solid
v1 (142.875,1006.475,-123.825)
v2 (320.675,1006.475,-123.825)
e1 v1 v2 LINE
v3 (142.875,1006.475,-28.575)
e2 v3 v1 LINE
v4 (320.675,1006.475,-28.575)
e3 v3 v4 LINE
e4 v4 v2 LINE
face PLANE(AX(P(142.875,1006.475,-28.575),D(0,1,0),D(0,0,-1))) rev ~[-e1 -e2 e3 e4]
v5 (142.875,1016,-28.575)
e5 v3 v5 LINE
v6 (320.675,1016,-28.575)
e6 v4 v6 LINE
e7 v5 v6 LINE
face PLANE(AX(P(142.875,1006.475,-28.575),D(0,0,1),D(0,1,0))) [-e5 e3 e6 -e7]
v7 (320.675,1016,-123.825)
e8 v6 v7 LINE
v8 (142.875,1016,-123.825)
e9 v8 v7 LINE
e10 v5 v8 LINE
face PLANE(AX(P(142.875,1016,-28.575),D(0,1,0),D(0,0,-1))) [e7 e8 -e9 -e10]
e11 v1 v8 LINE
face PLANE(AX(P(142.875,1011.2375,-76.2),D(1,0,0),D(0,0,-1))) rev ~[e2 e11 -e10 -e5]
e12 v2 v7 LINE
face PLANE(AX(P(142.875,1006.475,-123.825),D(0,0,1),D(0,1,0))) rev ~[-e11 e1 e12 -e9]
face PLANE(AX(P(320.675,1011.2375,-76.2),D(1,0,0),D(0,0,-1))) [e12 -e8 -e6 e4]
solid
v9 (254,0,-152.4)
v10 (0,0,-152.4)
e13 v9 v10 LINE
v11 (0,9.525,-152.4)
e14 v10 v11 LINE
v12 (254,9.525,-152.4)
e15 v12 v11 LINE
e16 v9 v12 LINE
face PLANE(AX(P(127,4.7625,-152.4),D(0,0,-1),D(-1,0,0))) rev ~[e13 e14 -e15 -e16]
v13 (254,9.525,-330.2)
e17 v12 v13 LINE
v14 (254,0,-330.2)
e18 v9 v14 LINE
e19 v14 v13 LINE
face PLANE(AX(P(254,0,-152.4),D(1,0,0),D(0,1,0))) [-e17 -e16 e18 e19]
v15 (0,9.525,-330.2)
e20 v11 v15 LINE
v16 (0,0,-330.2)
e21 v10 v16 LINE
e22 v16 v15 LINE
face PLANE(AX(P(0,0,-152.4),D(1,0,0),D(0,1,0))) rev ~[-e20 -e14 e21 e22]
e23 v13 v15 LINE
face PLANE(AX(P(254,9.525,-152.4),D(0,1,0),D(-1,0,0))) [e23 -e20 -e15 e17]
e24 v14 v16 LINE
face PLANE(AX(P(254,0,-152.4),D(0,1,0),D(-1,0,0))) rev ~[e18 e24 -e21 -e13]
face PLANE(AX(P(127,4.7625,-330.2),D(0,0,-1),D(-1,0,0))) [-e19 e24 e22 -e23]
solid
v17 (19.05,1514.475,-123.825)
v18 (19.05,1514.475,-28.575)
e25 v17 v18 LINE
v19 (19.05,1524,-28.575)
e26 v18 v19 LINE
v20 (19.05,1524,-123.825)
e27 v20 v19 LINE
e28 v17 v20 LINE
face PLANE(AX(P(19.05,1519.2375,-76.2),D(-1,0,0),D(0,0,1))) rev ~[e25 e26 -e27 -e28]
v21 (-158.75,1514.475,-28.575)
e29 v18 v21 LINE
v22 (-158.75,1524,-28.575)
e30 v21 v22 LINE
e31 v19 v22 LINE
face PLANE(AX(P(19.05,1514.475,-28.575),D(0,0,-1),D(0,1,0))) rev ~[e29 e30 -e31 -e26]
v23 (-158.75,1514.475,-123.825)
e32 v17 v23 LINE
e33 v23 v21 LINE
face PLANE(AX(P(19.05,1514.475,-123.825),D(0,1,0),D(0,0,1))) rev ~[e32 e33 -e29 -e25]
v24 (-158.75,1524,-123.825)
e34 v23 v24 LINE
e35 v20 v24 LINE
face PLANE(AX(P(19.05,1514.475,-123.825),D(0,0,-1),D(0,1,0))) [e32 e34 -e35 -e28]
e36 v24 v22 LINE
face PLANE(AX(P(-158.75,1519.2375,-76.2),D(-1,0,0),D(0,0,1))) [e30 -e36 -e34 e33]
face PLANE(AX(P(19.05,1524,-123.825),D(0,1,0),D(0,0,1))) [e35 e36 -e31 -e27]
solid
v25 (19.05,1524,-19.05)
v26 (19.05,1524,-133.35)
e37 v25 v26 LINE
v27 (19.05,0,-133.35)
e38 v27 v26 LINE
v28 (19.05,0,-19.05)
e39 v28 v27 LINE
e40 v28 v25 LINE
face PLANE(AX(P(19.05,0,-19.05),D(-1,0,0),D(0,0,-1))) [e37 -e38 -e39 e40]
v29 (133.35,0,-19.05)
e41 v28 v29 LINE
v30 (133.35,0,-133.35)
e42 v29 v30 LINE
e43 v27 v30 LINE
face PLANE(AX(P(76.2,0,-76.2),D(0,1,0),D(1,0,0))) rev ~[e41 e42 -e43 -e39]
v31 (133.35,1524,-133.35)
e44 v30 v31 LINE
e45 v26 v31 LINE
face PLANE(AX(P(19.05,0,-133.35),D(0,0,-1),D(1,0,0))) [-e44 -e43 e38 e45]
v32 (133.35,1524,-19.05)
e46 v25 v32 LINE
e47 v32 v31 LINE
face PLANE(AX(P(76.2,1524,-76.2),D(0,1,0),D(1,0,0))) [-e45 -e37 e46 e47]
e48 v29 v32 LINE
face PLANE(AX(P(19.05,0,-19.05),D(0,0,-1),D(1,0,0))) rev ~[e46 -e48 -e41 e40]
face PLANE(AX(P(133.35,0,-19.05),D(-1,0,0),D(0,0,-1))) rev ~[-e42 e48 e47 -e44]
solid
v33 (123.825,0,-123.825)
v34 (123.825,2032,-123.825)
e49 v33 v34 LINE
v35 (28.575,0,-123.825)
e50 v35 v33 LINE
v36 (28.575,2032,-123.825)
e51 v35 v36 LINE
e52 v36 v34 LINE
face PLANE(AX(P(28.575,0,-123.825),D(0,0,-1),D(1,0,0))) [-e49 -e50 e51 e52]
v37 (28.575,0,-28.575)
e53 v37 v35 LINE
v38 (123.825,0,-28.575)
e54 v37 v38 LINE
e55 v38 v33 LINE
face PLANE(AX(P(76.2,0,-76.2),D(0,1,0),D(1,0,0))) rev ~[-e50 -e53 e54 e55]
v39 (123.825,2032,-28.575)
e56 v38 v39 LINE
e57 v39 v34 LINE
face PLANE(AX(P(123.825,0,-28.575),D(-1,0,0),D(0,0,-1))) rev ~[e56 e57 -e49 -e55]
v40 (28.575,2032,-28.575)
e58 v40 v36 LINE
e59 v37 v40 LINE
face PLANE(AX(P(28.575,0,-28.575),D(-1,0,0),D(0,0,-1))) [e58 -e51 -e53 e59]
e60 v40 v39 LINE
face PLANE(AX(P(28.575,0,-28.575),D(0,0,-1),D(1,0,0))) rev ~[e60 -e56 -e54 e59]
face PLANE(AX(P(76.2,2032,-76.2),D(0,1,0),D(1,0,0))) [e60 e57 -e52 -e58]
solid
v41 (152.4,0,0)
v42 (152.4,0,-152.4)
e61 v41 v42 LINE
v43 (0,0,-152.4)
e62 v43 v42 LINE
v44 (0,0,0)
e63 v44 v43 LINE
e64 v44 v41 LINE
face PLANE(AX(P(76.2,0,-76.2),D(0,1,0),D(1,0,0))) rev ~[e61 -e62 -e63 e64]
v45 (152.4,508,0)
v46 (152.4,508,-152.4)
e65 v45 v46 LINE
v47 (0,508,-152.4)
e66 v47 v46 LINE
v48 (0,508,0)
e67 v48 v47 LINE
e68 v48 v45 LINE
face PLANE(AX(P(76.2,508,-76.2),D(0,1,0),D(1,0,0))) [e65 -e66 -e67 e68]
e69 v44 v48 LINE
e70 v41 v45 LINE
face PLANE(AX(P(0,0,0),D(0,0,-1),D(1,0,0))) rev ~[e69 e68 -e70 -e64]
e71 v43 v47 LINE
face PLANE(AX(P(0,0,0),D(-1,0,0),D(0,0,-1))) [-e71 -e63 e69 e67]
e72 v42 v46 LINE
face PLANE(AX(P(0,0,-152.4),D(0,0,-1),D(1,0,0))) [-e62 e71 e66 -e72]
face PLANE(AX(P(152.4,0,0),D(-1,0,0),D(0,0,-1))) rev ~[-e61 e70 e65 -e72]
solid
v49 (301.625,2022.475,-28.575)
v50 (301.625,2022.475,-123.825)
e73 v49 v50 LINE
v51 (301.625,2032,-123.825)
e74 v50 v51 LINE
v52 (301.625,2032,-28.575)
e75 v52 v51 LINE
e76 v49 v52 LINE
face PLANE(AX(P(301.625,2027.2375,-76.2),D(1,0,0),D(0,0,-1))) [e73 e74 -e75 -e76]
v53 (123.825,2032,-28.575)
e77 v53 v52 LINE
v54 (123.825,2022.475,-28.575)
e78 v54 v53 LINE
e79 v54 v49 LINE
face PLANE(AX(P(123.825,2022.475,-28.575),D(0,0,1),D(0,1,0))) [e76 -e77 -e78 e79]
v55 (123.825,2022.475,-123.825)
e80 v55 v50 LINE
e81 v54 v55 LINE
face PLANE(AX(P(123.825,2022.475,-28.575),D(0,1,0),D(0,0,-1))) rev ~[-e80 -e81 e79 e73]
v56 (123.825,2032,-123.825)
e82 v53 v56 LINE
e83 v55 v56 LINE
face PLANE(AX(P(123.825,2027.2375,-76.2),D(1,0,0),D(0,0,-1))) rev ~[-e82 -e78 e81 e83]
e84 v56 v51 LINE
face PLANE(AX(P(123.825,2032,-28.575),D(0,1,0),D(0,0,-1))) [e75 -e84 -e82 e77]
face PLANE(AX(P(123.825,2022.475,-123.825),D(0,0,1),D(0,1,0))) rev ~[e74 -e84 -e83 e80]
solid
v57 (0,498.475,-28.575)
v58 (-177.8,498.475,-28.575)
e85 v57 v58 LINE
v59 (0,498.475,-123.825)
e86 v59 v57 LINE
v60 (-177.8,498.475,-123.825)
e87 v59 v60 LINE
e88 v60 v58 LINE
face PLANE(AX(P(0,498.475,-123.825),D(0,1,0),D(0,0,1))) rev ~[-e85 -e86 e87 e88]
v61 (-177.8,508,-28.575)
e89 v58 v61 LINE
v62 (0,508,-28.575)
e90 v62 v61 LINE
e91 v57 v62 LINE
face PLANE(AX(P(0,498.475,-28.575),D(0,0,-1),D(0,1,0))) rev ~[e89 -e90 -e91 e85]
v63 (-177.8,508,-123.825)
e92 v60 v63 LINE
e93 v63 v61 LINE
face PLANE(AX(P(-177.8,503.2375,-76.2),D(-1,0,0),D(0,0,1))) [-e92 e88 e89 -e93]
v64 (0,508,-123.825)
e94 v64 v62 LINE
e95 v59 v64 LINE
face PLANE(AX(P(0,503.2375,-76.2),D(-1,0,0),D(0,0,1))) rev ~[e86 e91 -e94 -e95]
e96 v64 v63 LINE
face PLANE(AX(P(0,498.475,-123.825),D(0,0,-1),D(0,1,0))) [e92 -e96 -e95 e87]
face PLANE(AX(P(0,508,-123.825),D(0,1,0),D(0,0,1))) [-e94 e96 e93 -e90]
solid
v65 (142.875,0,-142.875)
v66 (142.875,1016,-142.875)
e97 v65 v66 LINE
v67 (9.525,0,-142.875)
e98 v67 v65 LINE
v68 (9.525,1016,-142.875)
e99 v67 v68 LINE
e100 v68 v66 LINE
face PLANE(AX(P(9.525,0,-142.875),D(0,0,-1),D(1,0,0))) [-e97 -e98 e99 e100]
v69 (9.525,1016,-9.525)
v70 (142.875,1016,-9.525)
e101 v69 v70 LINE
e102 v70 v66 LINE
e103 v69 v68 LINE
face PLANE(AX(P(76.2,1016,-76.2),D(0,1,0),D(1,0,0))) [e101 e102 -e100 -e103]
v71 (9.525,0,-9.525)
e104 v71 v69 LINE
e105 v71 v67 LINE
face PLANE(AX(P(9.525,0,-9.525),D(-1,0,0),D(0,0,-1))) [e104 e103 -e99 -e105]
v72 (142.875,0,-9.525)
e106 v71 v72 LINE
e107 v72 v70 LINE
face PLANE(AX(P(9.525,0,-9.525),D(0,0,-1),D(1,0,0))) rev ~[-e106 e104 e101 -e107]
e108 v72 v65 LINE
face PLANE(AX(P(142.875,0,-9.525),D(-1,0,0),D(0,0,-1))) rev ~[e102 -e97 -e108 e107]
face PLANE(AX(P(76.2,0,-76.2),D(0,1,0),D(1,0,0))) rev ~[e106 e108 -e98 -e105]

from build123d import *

# Parameters (mm, degrees)
SKETCH1_W            = 95.25
SKETCH1_H            = 95.25
BOSS_EXTRUDE4_DEPTH  = 2032
SKETCH1_8_W          = 114.3
SKETCH1_8_H          = 114.3
BOSS_EXTRUDE5_DEPTH  = 1524
SKETCH1_9_W          = 133.35
SKETCH1_9_H          = 133.35
BOSS_EXTRUDE6_DEPTH  = 1016
SKETCH1_10_W         = 152.4
SKETCH1_10_H         = 152.4
BOSS_EXTRUDE7_DEPTH  = 508
SKETCH2_W            = 95.25
SKETCH2_H            = 9.525
BOSS_EXTRUDE8_DEPTH  = 177.8
SKETCH3_W            = 95.25
SKETCH3_H            = 9.525
BOSS_EXTRUDE9_DEPTH  = 177.8
SKETCH5_W            = 95.25
SKETCH5_H            = 9.525
BOSS_EXTRUDE10_DEPTH = 177.8
SKETCH6_W            = 95.25
SKETCH6_H            = 9.525
BOSS_EXTRUDE11_DEPTH = 177.8
SKETCH7_W            = 254
SKETCH7_H            = 9.525
BOSS_EXTRUDE12_DEPTH = 177.8


with BuildPart() as part:
    # Sketch1 → Boss-Extrude4 (new body)
    with BuildSketch(Plane(origin=(0, 0, 0), x_dir=(1, 0, 0), z_dir=(0, 1, 0))):
        with Locations((76.2, 76.2)):
            Rectangle(SKETCH1_W, SKETCH1_H)
    extrude(amount=BOSS_EXTRUDE4_DEPTH)


with BuildPart() as body_2:
    # Sketch1<8> → Boss-Extrude5 (new body)
    with BuildSketch(Plane(origin=(0, 0, 0), x_dir=(1, 0, 0), z_dir=(0, 1, 0))):
        with Locations((76.2, 76.2)):
            Rectangle(SKETCH1_8_W, SKETCH1_8_H)
    extrude(amount=BOSS_EXTRUDE5_DEPTH)


with BuildPart() as body_3:
    # Sketch1<9> → Boss-Extrude6 (new body)
    with BuildSketch(Plane(origin=(0, 0, 0), x_dir=(1, 0, 0), z_dir=(0, 1, 0))):
        with Locations((76.2, 76.2)):
            Rectangle(SKETCH1_9_W, SKETCH1_9_H)
    extrude(amount=BOSS_EXTRUDE6_DEPTH)


with BuildPart() as body_4:
    # Sketch1<10> → Boss-Extrude7 (new body)
    with BuildSketch(Plane(origin=(0, 0, 0), x_dir=(1, 0, 0), z_dir=(0, 1, 0))):
        with Locations((76.2, 76.2)):
            Rectangle(SKETCH1_10_W, SKETCH1_10_H)
    extrude(amount=BOSS_EXTRUDE7_DEPTH)


with BuildPart() as body_5:
    # Sketch2 → Boss-Extrude8 (new body)
    with BuildSketch(Plane(origin=(123.825, 0, 0), x_dir=(0, 0, -1), z_dir=(1, 0, 0))):
        with Locations((76.2, 2027.2375)):
            Rectangle(SKETCH2_W, SKETCH2_H)
    extrude(amount=BOSS_EXTRUDE8_DEPTH)


with BuildPart() as body_6:
    # Sketch3 → Boss-Extrude9 (new body)
    with BuildSketch(Plane.ZY.offset(-19.05)):
        with Locations((-76.2, 1519.2375)):
            Rectangle(SKETCH3_W, SKETCH3_H)
    extrude(amount=BOSS_EXTRUDE9_DEPTH)


with BuildPart() as body_7:
    # Sketch5 → Boss-Extrude10 (new body)
    with BuildSketch(Plane(origin=(142.875, 0, 0), x_dir=(0, 0, -1), z_dir=(1, 0, 0))):
        with Locations((76.2, 1011.2375)):
            Rectangle(SKETCH5_W, SKETCH5_H)
    extrude(amount=BOSS_EXTRUDE10_DEPTH)


with BuildPart() as body_8:
    # Sketch6 → Boss-Extrude11 (new body)
    with BuildSketch(Plane.ZY):
        with Locations((-76.2, 503.2375)):
            Rectangle(SKETCH6_W, SKETCH6_H)
    extrude(amount=BOSS_EXTRUDE11_DEPTH)


with BuildPart() as body_9:
    # Sketch7 → Boss-Extrude12 (new body)
    with BuildSketch(Plane(origin=(0, 0, -152.4), x_dir=(-1, 0, 0), z_dir=(0, 0, -1))):
        with Locations((-127, 4.7625)):
            Rectangle(SKETCH7_W, SKETCH7_H)
    extrude(amount=BOSS_EXTRUDE12_DEPTH)


solid = Compound([part.part, body_2.part, body_3.part, body_4.part, body_5.part, body_6.part, body_7.part, body_8.part, body_9.part])
